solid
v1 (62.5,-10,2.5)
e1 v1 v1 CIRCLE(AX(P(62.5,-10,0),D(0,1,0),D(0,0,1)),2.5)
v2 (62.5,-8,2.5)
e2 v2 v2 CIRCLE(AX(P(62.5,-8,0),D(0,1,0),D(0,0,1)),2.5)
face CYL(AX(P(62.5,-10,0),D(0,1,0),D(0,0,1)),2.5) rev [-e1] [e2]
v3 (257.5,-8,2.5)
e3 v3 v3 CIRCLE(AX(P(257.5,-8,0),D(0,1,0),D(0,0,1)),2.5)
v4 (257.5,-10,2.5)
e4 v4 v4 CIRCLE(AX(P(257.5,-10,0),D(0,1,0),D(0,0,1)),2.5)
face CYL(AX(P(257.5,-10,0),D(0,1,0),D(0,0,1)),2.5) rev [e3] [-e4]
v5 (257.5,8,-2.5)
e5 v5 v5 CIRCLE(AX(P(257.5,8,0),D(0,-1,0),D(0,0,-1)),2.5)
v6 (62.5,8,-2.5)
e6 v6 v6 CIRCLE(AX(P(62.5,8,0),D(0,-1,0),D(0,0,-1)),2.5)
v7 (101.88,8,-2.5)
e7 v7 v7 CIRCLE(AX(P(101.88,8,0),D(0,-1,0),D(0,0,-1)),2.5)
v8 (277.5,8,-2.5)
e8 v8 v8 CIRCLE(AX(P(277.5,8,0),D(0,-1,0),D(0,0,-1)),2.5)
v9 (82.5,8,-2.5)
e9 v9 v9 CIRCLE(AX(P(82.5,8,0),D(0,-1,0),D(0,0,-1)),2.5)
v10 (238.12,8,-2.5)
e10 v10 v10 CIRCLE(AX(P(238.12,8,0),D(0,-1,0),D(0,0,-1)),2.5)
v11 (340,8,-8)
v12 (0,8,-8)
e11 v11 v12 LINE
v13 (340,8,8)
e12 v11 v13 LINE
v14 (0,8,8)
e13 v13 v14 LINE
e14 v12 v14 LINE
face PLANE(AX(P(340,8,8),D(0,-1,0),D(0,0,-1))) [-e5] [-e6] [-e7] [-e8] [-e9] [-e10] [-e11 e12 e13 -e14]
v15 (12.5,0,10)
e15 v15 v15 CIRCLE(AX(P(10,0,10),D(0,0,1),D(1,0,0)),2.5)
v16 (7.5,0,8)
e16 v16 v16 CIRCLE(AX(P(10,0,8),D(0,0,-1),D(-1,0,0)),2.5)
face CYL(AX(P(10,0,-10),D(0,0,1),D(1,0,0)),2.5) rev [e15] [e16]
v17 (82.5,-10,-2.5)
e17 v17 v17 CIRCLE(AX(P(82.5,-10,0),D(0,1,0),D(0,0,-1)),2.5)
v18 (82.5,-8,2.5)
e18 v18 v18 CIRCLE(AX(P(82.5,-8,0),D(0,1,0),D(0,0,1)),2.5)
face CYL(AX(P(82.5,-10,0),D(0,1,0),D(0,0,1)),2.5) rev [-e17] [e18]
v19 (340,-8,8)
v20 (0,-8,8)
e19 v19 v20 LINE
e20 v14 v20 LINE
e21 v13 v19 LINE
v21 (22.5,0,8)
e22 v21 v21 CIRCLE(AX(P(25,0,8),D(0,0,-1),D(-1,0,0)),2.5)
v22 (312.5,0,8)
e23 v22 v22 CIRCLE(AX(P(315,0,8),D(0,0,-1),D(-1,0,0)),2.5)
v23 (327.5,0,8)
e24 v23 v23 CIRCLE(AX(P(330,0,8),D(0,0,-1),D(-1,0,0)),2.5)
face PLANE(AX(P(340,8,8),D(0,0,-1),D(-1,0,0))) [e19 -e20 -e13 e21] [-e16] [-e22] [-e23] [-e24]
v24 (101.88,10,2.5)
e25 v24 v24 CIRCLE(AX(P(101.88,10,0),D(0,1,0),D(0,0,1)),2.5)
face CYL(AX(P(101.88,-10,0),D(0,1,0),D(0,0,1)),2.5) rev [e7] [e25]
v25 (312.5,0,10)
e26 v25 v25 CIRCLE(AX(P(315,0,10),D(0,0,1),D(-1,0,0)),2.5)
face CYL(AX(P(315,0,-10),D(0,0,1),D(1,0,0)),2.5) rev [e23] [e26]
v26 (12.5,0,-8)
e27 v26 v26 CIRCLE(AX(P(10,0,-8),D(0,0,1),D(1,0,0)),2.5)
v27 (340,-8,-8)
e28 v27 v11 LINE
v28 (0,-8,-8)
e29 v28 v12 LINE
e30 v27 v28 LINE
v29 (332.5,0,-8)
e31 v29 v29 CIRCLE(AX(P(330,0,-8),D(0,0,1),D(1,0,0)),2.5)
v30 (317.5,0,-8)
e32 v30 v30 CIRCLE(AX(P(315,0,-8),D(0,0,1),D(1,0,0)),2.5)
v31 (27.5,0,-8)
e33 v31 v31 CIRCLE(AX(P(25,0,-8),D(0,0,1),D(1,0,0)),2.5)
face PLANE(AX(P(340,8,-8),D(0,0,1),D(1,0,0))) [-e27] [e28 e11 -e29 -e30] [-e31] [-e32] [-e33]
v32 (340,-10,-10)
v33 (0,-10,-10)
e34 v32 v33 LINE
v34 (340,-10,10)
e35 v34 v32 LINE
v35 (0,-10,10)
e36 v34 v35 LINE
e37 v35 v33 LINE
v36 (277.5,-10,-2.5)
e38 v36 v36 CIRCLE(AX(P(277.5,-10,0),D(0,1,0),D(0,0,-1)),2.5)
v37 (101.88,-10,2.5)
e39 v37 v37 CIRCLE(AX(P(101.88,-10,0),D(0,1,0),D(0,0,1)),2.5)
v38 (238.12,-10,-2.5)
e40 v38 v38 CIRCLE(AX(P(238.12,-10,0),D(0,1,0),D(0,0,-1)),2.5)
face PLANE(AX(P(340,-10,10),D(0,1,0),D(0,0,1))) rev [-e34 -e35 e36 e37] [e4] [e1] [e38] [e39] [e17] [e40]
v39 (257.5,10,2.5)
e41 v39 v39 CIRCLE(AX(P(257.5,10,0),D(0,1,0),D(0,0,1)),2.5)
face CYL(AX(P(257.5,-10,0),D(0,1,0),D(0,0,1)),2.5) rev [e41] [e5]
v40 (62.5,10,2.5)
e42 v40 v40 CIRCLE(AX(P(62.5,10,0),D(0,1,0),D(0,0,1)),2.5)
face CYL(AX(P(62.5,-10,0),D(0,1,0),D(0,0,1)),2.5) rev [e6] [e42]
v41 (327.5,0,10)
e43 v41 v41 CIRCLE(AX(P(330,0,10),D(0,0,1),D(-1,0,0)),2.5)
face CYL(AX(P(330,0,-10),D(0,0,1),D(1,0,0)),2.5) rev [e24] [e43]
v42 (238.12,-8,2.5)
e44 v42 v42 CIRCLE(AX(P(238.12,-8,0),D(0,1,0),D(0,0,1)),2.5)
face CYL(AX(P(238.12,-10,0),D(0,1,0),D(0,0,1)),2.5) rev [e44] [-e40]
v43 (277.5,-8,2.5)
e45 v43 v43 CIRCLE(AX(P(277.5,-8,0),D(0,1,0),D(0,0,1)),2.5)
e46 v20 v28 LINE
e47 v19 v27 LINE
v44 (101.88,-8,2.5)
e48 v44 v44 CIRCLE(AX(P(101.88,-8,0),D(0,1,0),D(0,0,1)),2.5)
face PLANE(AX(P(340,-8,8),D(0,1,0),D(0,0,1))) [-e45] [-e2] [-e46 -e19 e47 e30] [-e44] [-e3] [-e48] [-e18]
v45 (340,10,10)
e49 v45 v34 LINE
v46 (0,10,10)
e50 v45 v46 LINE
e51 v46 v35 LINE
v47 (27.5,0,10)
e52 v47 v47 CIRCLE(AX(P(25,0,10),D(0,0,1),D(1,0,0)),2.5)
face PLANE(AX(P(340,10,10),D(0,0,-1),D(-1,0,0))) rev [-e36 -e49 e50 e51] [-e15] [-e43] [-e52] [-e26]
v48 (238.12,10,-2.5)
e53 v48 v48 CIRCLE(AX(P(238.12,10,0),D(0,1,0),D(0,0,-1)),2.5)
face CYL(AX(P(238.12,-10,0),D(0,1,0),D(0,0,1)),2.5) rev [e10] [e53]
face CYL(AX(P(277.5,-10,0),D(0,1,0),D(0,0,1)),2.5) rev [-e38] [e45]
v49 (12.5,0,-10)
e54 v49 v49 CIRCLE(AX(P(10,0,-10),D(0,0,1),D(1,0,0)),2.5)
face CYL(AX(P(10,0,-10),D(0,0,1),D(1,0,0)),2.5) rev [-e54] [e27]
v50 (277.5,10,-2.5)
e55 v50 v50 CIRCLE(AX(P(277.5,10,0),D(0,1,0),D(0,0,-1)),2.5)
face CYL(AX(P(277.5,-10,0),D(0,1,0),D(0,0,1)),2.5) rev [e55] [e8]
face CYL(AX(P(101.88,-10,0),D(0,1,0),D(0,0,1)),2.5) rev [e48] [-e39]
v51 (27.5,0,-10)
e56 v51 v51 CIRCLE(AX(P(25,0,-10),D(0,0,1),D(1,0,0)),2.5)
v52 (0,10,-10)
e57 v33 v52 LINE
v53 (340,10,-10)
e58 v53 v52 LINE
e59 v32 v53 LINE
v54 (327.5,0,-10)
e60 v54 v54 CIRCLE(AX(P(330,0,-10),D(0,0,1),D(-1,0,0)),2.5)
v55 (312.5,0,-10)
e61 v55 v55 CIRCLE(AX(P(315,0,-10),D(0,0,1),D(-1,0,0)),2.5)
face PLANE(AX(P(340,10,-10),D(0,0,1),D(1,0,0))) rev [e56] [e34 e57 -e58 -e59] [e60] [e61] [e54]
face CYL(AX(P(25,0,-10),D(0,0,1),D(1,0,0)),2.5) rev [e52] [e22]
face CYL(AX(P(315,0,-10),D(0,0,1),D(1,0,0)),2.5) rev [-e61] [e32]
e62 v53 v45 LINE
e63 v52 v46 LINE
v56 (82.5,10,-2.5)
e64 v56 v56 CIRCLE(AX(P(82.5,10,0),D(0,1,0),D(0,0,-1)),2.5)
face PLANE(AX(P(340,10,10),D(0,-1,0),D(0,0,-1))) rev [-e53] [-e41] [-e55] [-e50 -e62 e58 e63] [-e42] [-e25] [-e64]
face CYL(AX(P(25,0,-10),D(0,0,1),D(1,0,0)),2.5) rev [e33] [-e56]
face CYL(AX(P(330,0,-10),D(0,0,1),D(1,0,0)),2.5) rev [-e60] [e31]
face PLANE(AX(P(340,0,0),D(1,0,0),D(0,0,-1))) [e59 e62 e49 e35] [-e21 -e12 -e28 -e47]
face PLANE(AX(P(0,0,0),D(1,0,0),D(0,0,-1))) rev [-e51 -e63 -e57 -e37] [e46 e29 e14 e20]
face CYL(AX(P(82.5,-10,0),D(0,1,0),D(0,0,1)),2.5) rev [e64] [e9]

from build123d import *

# Parameters (mm, degrees)
SKETCH1_W           = 20
SKETCH1_H           = 20
SKETCH1_W_2         = 16
SKETCH1_H_2         = 16
BOSS_EXTRUDE1_DEPTH = 340
SKETCH2_R           = 2.5
CUT_EXTRUDE1_DEPTH  = 341.734500748
SKETCH3_R           = 2.5
CUT_EXTRUDE2_DEPTH  = 341.734500748
SKETCH4_R           = 2.5
CUT_EXTRUDE3_DEPTH  = 341.734500748


with BuildPart() as part:
    # Sketch1 → Boss-Extrude1 (new body)
    with BuildSketch(Plane(origin=(0, 0, 0), x_dir=(0, 0, -1), z_dir=(1, 0, 0))):
        Rectangle(SKETCH1_W, SKETCH1_H)
        Rectangle(SKETCH1_W_2, SKETCH1_H_2, mode=Mode.SUBTRACT)
    extrude(amount=BOSS_EXTRUDE1_DEPTH)

    # Sketch2 → Cut-Extrude1 (cut, through all)
    with BuildSketch(Plane.XY.offset(10)):
        with Locations((10, 0)):
            Circle(SKETCH2_R)
        with Locations((25, 0)):
            Circle(SKETCH2_R)
        with Locations(Location((315, 0, 0), (0, 0, 180))):
            Circle(SKETCH2_R)
        with Locations(Location((330, 0, 0), (0, 0, 180))):
            Circle(SKETCH2_R)
    extrude(amount=-CUT_EXTRUDE1_DEPTH, mode=Mode.SUBTRACT)

    # Sketch3 → Cut-Extrude2 (cut, through all)
    with BuildSketch(Plane(origin=(0, 10, 0), x_dir=(1, 0, 0), z_dir=(0, 1, 0))):
        with Locations(Location((62.5, 0, 0), (0, 0, 270))):
            Circle(SKETCH3_R)
        with Locations(Location((82.5, 0, 0), (0, 0, 270))):
            Circle(SKETCH3_R)
        with Locations(Location((257.5, 0, 0), (0, 0, 270))):
            Circle(SKETCH3_R)
        with Locations(Location((277.5, 0, 0), (0, 0, 270))):
            Circle(SKETCH3_R)
    extrude(amount=-CUT_EXTRUDE2_DEPTH, mode=Mode.SUBTRACT)

    # Sketch4 → Cut-Extrude3 (cut, through all)
    with BuildSketch(Plane(origin=(0, 10, 0), x_dir=(1, 0, 0), z_dir=(0, 1, 0))):
        with Locations(Location((101.88, 0, 0), (0, 0, 270))):
            Circle(SKETCH4_R)
        with Locations(Location((238.12, 0, 0), (0, 0, 270))):
            Circle(SKETCH4_R)
    extrude(amount=-CUT_EXTRUDE3_DEPTH, mode=Mode.SUBTRACT)


solid = part.part
